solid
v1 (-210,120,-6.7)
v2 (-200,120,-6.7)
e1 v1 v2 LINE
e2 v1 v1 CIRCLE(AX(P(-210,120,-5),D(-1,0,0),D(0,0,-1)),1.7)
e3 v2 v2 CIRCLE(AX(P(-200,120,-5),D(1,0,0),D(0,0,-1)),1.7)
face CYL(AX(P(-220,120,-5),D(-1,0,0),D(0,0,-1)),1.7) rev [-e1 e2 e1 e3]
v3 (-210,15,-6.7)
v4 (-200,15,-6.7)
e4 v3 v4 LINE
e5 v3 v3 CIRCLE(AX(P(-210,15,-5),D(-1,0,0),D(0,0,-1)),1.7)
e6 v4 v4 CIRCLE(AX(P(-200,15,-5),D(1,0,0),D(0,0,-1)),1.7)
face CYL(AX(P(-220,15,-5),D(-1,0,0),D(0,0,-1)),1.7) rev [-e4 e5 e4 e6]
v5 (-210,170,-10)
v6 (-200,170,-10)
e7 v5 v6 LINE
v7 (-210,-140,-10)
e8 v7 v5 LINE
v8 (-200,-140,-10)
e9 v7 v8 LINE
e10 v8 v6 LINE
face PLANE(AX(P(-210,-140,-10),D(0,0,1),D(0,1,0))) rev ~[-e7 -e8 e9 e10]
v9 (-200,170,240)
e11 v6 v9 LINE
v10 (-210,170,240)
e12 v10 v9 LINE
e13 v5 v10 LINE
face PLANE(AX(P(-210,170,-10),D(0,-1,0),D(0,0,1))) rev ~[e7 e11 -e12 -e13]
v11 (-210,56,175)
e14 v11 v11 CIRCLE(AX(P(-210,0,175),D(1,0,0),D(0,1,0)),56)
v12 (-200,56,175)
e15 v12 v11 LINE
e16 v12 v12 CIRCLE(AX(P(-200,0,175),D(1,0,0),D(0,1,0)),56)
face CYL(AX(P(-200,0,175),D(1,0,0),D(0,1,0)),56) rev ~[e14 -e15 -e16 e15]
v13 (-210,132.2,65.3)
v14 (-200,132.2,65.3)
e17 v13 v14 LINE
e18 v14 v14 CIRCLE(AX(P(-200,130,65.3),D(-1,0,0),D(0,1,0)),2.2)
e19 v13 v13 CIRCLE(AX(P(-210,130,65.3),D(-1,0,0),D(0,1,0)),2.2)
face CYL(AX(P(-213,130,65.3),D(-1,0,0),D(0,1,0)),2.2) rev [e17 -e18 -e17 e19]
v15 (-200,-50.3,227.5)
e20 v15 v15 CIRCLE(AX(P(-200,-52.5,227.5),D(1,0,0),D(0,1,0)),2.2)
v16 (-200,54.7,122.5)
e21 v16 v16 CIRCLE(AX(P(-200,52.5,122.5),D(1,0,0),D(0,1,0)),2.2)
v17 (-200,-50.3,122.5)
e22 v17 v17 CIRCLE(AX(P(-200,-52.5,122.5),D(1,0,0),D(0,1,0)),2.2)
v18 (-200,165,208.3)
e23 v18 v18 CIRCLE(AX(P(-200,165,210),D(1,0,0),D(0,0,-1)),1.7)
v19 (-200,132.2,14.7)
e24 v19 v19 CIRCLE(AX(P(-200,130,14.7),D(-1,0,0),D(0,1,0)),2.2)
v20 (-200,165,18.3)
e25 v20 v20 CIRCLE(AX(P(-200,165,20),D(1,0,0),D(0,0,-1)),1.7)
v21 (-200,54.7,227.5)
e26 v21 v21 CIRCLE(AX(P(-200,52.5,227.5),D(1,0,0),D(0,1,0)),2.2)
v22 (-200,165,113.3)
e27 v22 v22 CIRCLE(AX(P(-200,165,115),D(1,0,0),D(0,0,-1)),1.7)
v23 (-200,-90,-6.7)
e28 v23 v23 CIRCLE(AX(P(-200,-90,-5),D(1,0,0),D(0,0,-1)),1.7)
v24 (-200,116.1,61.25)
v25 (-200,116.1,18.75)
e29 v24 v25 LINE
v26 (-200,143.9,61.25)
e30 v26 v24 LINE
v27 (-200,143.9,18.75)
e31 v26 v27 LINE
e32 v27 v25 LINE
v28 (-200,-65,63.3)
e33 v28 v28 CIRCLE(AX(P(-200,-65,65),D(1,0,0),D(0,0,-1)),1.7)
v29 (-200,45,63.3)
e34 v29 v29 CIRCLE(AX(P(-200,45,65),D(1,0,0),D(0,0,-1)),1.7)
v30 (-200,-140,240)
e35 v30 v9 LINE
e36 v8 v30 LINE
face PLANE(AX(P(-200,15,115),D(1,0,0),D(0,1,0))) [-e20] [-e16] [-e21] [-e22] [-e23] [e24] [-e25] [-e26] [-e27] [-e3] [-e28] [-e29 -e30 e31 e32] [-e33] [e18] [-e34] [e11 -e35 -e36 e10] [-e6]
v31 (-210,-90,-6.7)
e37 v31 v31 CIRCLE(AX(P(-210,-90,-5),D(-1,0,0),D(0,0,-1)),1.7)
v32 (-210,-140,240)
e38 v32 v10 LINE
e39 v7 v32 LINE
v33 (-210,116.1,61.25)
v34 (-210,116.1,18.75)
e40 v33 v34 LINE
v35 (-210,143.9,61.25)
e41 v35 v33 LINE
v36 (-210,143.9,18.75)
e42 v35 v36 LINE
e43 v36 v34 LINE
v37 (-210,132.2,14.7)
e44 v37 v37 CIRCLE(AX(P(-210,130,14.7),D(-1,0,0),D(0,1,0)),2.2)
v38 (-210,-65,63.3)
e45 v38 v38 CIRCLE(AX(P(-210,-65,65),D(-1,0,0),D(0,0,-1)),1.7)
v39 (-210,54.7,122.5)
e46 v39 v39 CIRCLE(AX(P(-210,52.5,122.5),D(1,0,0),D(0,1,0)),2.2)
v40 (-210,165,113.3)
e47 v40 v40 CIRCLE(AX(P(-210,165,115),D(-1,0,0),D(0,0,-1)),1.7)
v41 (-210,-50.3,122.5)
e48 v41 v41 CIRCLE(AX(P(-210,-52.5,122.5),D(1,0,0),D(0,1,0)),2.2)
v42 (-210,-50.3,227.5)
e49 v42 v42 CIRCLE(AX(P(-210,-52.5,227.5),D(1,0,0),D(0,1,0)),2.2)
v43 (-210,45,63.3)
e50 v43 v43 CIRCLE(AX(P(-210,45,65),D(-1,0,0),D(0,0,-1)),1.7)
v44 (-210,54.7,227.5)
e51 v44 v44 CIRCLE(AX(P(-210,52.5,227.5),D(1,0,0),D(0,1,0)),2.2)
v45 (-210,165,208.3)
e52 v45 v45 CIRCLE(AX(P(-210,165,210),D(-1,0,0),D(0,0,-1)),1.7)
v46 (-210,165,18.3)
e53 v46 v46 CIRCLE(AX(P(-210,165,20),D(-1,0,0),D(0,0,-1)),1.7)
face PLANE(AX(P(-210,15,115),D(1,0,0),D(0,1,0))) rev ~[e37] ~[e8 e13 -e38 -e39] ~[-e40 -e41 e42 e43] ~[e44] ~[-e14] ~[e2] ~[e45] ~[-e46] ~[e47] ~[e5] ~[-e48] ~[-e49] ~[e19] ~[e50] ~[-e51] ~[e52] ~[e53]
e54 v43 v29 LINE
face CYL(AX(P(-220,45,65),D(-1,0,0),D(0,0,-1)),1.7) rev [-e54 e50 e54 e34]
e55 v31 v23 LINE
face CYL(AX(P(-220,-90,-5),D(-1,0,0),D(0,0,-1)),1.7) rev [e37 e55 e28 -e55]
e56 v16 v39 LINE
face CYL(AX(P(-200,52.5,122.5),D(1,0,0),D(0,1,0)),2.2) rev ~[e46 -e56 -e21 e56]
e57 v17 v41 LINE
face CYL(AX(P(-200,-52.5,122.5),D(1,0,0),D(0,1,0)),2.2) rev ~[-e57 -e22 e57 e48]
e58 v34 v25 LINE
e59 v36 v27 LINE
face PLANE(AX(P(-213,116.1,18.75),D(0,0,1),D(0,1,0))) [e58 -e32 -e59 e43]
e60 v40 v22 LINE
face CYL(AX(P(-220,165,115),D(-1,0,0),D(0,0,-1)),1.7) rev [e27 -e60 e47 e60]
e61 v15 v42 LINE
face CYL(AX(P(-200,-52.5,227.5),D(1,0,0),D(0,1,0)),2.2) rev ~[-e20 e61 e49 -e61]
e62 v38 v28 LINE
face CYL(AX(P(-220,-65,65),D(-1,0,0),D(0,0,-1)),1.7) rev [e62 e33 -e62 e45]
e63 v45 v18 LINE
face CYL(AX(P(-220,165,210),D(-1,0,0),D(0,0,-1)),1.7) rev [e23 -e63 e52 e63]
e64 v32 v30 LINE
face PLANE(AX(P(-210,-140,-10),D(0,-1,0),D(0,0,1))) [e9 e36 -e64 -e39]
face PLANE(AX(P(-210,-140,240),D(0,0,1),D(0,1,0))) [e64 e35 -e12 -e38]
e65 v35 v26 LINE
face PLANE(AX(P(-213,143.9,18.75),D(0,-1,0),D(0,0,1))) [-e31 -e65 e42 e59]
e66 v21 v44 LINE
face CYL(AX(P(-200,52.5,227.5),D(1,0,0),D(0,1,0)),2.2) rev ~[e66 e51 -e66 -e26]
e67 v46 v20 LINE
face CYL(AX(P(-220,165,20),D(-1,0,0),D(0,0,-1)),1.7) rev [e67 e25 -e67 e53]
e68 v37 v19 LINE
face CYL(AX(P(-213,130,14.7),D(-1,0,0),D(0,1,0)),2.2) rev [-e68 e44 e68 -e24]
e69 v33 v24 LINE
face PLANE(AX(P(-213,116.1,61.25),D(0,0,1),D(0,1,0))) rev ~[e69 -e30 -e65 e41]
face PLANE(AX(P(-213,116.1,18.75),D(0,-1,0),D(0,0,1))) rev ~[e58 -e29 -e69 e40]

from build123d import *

# Parameters (mm, degrees)
CYLINDER033_R           = 1.7
CYLINDER033_DEPTH       = 20
CYLINDER031_R           = 1.7
CYLINDER031_DEPTH       = 20
CYLINDER031_ROLL_ANGLE  = 90
CYLINDER028_R           = 1.7
CYLINDER028_DEPTH       = 20
CYLINDER028_ROLL_ANGLE  = 90
CYLINDER032_R           = 1.7
CYLINDER032_DEPTH       = 20
CYLINDER030_R           = 1.7
CYLINDER030_DEPTH       = 20
CYLINDER030_ROLL_ANGLE  = 90
CYLINDER029_R           = 1.7
CYLINDER029_DEPTH       = 20
CYLINDER024_R           = 1.7
CYLINDER024_DEPTH       = 20
CYLINDER024_PITCH_ANGLE = 90
CYLINDER025_R           = 1.7
CYLINDER025_DEPTH       = 20
CYLINDER025_PITCH_ANGLE = 90
CYLINDER026_R           = 1.7
CYLINDER026_DEPTH       = 20
CYLINDER026_PITCH_ANGLE = 90
CYLINDER027_R           = 1.7
CYLINDER027_DEPTH       = 20
CYLINDER027_PITCH_ANGLE = 90
CYLINDER023_R           = 1.7
CYLINDER023_DEPTH       = 20
CYLINDER023_PITCH_ANGLE = 90
CYLINDER022_R           = 1.7
CYLINDER022_DEPTH       = 20
CYLINDER022_PITCH_ANGLE = 90
CYLINDER020_R           = 1.7
CYLINDER020_DEPTH       = 20
CYLINDER020_PITCH_ANGLE = 90
CYLINDER019_R           = 1.7
CYLINDER019_DEPTH       = 20
CYLINDER019_PITCH_ANGLE = 90
SKETCH018_R             = 2.2
SKETCH018_R_2           = 56
PAD016_DEPTH            = 20
SKETCH012_R             = 2.2
SKETCH012_W             = 27.8
SKETCH012_H             = 42.5
PAD012_DEPTH            = 30
SKETCH006_W             = 310
SKETCH006_H             = 250
PAD006_DEPTH            = 10


with BuildPart() as cylinder033:
    # Cylinder033 → Cylinder033 (new body)
    with BuildSketch(Plane(origin=(-205, 120, 240), x_dir=(1, 0, 0), z_dir=(0, 0, 1))):
        Circle(CYLINDER033_R)
    extrude(amount=CYLINDER033_DEPTH)


with BuildPart() as cylinder031:
    # Cylinder031 → Cylinder031 (new body)
    with BuildSketch(Plane.XY):
        Circle(CYLINDER031_R)
    extrude(amount=CYLINDER031_DEPTH)


with BuildPart() as cylinder031_1:
    # Cylinder031 roll: moved
    add(cylinder031.part.rotate(Axis((0, 0, 0), (1, 0, 0)), CYLINDER031_ROLL_ANGLE))


with BuildPart() as cylinder031_2:
    # Cylinder031 placement: moved
    add(cylinder031_1.part.moved(Location((-205, -140, 210))))


with BuildPart() as cylinder028:
    # Cylinder028 → Cylinder028 (new body)
    with BuildSketch(Plane.XY):
        Circle(CYLINDER028_R)
    extrude(amount=CYLINDER028_DEPTH)


with BuildPart() as cylinder028_1:
    # Cylinder028 roll: moved
    add(cylinder028.part.rotate(Axis((0, 0, 0), (1, 0, 0)), CYLINDER028_ROLL_ANGLE))


with BuildPart() as cylinder028_2:
    # Cylinder028 placement: moved
    add(cylinder028_1.part.moved(Location((-205, -140, 20))))


with BuildPart() as cylinder032:
    # Cylinder032 → Cylinder032 (new body)
    with BuildSketch(Plane(origin=(-205, 15, 240), x_dir=(1, 0, 0), z_dir=(0, 0, 1))):
        Circle(CYLINDER032_R)
    extrude(amount=CYLINDER032_DEPTH)


with BuildPart() as cylinder030:
    # Cylinder030 → Cylinder030 (new body)
    with BuildSketch(Plane.XY):
        Circle(CYLINDER030_R)
    extrude(amount=CYLINDER030_DEPTH)


with BuildPart() as cylinder030_1:
    # Cylinder030 roll: moved
    add(cylinder030.part.rotate(Axis((0, 0, 0), (1, 0, 0)), CYLINDER030_ROLL_ANGLE))


with BuildPart() as cylinder030_2:
    # Cylinder030 placement: moved
    add(cylinder030_1.part.moved(Location((-205, -140, 115))))


with BuildPart() as fusion006:
    # Cylinder029 → Cylinder029 (new body)
    with BuildSketch(Plane(origin=(-205, -90, 240), x_dir=(1, 0, 0), z_dir=(0, 0, 1))):
        Circle(CYLINDER029_R)
    extrude(amount=CYLINDER029_DEPTH)

    # Fusion006: union Cylinder033, Cylinder031, Cylinder028, Cylinder032, Cylinder030
    add(cylinder033.part)
    add(cylinder031_2.part)
    add(cylinder028_2.part)
    add(cylinder032.part)
    add(cylinder030_2.part)


with BuildPart() as cylinder024:
    # Cylinder024 → Cylinder024 (new body)
    with BuildSketch(Plane.XY):
        Circle(CYLINDER024_R)
    extrude(amount=CYLINDER024_DEPTH)


with BuildPart() as cylinder024_1:
    # Cylinder024 pitch: moved
    add(cylinder024.part.rotate(Axis((0, 0, 0), (0, 1, 0)), CYLINDER024_PITCH_ANGLE))


with BuildPart() as cylinder024_2:
    # Cylinder024 placement: moved
    add(cylinder024_1.part.moved(Location((-220, 120, -5))))


with BuildPart() as cylinder025:
    # Cylinder025 → Cylinder025 (new body)
    with BuildSketch(Plane.XY):
        Circle(CYLINDER025_R)
    extrude(amount=CYLINDER025_DEPTH)


with BuildPart() as cylinder025_1:
    # Cylinder025 pitch: moved
    add(cylinder025.part.rotate(Axis((0, 0, 0), (0, 1, 0)), CYLINDER025_PITCH_ANGLE))


with BuildPart() as cylinder025_2:
    # Cylinder025 placement: moved
    add(cylinder025_1.part.moved(Location((-220, 165, 20))))


with BuildPart() as cylinder026:
    # Cylinder026 → Cylinder026 (new body)
    with BuildSketch(Plane.XY):
        Circle(CYLINDER026_R)
    extrude(amount=CYLINDER026_DEPTH)


with BuildPart() as cylinder026_1:
    # Cylinder026 pitch: moved
    add(cylinder026.part.rotate(Axis((0, 0, 0), (0, 1, 0)), CYLINDER026_PITCH_ANGLE))


with BuildPart() as cylinder026_2:
    # Cylinder026 placement: moved
    add(cylinder026_1.part.moved(Location((-220, 165, 115))))


with BuildPart() as cylinder027:
    # Cylinder027 → Cylinder027 (new body)
    with BuildSketch(Plane.XY):
        Circle(CYLINDER027_R)
    extrude(amount=CYLINDER027_DEPTH)


with BuildPart() as cylinder027_1:
    # Cylinder027 pitch: moved
    add(cylinder027.part.rotate(Axis((0, 0, 0), (0, 1, 0)), CYLINDER027_PITCH_ANGLE))


with BuildPart() as cylinder027_2:
    # Cylinder027 placement: moved
    add(cylinder027_1.part.moved(Location((-220, 165, 210))))


with BuildPart() as cylinder023:
    # Cylinder023 → Cylinder023 (new body)
    with BuildSketch(Plane.XY):
        Circle(CYLINDER023_R)
    extrude(amount=CYLINDER023_DEPTH)


with BuildPart() as cylinder023_1:
    # Cylinder023 pitch: moved
    add(cylinder023.part.rotate(Axis((0, 0, 0), (0, 1, 0)), CYLINDER023_PITCH_ANGLE))


with BuildPart() as cylinder023_2:
    # Cylinder023 placement: moved
    add(cylinder023_1.part.moved(Location((-220, 15, -5))))


with BuildPart() as fusion007:
    # Cylinder022 → Cylinder022 (new body)
    with BuildSketch(Plane.XY):
        Circle(CYLINDER022_R)
    extrude(amount=CYLINDER022_DEPTH)


with BuildPart() as fusion007_1:
    # Cylinder022 pitch: moved
    add(fusion007.part.rotate(Axis((0, 0, 0), (0, 1, 0)), CYLINDER022_PITCH_ANGLE))


with BuildPart() as fusion007_2:
    # Cylinder022 placement: moved
    add(fusion007_1.part.moved(Location((-220, -90, -5))))

    # Fusion007: union Cylinder024, Cylinder025, Cylinder026, Cylinder027, Cylinder023
    add(cylinder024_2.part)
    add(cylinder025_2.part)
    add(cylinder026_2.part)
    add(cylinder027_2.part)
    add(cylinder023_2.part)


with BuildPart() as cylinder020:
    # Cylinder020 → Cylinder020 (new body)
    with BuildSketch(Plane.XY):
        Circle(CYLINDER020_R)
    extrude(amount=CYLINDER020_DEPTH)


with BuildPart() as cylinder020_1:
    # Cylinder020 pitch: moved
    add(cylinder020.part.rotate(Axis((0, 0, 0), (0, 1, 0)), CYLINDER020_PITCH_ANGLE))


with BuildPart() as cylinder020_2:
    # Cylinder020 placement: moved
    add(cylinder020_1.part.moved(Location((-220, 45, 65))))


with BuildPart() as fusion009:
    # Cylinder019 → Cylinder019 (new body)
    with BuildSketch(Plane.XY):
        Circle(CYLINDER019_R)
    extrude(amount=CYLINDER019_DEPTH)


with BuildPart() as fusion009_1:
    # Cylinder019 pitch: moved
    add(fusion009.part.rotate(Axis((0, 0, 0), (0, 1, 0)), CYLINDER019_PITCH_ANGLE))


with BuildPart() as fusion009_2:
    # Cylinder019 placement: moved
    add(fusion009_1.part.moved(Location((-220, -65, 65))))

    # Fusion008: union Cylinder020
    add(cylinder020_2.part)

    # Fusion009: union Fusion006, Fusion007
    add(fusion006.part)
    add(fusion007_2.part)


with BuildPart() as pad016:
    # Sketch018 → Pad016 (new body)
    with BuildSketch(Plane(origin=(-200, 0, 175), x_dir=(0, 1, 0), z_dir=(1, 0, 0))):
        with Locations((-52.5, 52.5)):
            Circle(SKETCH018_R)
        with Locations((52.5, 52.5)):
            Circle(SKETCH018_R)
        with Locations((-52.5, -52.5)):
            Circle(SKETCH018_R)
        with Locations((52.5, -52.5)):
            Circle(SKETCH018_R)
        Circle(SKETCH018_R_2)
    extrude(amount=-PAD016_DEPTH)


with BuildPart() as pad012:
    # Sketch012 → Pad012 (new body)
    with BuildSketch(Plane(origin=(-213, 130, 40), x_dir=(0, 1, 0), z_dir=(1, 0, 0))):
        with Locations((0, 25.3)):
            Circle(SKETCH012_R)
        with Locations((0, -25.3)):
            Circle(SKETCH012_R)
        Rectangle(SKETCH012_W, SKETCH012_H)
    extrude(amount=PAD012_DEPTH)


with BuildPart() as cut012:
    # Sketch006 → Pad006 (new body)
    with BuildSketch(Plane.YZ.offset(-210)):
        with Locations((15, 115)):
            Rectangle(SKETCH006_W, SKETCH006_H)
    extrude(amount=PAD006_DEPTH)

    # Cut004: cut Pad012
    add(pad012.part, mode=Mode.SUBTRACT)

    # Cut011: cut Pad016
    add(pad016.part, mode=Mode.SUBTRACT)

    # Cut012: cut Fusion009
    add(fusion009_2.part, mode=Mode.SUBTRACT)


solid = cut012.part
